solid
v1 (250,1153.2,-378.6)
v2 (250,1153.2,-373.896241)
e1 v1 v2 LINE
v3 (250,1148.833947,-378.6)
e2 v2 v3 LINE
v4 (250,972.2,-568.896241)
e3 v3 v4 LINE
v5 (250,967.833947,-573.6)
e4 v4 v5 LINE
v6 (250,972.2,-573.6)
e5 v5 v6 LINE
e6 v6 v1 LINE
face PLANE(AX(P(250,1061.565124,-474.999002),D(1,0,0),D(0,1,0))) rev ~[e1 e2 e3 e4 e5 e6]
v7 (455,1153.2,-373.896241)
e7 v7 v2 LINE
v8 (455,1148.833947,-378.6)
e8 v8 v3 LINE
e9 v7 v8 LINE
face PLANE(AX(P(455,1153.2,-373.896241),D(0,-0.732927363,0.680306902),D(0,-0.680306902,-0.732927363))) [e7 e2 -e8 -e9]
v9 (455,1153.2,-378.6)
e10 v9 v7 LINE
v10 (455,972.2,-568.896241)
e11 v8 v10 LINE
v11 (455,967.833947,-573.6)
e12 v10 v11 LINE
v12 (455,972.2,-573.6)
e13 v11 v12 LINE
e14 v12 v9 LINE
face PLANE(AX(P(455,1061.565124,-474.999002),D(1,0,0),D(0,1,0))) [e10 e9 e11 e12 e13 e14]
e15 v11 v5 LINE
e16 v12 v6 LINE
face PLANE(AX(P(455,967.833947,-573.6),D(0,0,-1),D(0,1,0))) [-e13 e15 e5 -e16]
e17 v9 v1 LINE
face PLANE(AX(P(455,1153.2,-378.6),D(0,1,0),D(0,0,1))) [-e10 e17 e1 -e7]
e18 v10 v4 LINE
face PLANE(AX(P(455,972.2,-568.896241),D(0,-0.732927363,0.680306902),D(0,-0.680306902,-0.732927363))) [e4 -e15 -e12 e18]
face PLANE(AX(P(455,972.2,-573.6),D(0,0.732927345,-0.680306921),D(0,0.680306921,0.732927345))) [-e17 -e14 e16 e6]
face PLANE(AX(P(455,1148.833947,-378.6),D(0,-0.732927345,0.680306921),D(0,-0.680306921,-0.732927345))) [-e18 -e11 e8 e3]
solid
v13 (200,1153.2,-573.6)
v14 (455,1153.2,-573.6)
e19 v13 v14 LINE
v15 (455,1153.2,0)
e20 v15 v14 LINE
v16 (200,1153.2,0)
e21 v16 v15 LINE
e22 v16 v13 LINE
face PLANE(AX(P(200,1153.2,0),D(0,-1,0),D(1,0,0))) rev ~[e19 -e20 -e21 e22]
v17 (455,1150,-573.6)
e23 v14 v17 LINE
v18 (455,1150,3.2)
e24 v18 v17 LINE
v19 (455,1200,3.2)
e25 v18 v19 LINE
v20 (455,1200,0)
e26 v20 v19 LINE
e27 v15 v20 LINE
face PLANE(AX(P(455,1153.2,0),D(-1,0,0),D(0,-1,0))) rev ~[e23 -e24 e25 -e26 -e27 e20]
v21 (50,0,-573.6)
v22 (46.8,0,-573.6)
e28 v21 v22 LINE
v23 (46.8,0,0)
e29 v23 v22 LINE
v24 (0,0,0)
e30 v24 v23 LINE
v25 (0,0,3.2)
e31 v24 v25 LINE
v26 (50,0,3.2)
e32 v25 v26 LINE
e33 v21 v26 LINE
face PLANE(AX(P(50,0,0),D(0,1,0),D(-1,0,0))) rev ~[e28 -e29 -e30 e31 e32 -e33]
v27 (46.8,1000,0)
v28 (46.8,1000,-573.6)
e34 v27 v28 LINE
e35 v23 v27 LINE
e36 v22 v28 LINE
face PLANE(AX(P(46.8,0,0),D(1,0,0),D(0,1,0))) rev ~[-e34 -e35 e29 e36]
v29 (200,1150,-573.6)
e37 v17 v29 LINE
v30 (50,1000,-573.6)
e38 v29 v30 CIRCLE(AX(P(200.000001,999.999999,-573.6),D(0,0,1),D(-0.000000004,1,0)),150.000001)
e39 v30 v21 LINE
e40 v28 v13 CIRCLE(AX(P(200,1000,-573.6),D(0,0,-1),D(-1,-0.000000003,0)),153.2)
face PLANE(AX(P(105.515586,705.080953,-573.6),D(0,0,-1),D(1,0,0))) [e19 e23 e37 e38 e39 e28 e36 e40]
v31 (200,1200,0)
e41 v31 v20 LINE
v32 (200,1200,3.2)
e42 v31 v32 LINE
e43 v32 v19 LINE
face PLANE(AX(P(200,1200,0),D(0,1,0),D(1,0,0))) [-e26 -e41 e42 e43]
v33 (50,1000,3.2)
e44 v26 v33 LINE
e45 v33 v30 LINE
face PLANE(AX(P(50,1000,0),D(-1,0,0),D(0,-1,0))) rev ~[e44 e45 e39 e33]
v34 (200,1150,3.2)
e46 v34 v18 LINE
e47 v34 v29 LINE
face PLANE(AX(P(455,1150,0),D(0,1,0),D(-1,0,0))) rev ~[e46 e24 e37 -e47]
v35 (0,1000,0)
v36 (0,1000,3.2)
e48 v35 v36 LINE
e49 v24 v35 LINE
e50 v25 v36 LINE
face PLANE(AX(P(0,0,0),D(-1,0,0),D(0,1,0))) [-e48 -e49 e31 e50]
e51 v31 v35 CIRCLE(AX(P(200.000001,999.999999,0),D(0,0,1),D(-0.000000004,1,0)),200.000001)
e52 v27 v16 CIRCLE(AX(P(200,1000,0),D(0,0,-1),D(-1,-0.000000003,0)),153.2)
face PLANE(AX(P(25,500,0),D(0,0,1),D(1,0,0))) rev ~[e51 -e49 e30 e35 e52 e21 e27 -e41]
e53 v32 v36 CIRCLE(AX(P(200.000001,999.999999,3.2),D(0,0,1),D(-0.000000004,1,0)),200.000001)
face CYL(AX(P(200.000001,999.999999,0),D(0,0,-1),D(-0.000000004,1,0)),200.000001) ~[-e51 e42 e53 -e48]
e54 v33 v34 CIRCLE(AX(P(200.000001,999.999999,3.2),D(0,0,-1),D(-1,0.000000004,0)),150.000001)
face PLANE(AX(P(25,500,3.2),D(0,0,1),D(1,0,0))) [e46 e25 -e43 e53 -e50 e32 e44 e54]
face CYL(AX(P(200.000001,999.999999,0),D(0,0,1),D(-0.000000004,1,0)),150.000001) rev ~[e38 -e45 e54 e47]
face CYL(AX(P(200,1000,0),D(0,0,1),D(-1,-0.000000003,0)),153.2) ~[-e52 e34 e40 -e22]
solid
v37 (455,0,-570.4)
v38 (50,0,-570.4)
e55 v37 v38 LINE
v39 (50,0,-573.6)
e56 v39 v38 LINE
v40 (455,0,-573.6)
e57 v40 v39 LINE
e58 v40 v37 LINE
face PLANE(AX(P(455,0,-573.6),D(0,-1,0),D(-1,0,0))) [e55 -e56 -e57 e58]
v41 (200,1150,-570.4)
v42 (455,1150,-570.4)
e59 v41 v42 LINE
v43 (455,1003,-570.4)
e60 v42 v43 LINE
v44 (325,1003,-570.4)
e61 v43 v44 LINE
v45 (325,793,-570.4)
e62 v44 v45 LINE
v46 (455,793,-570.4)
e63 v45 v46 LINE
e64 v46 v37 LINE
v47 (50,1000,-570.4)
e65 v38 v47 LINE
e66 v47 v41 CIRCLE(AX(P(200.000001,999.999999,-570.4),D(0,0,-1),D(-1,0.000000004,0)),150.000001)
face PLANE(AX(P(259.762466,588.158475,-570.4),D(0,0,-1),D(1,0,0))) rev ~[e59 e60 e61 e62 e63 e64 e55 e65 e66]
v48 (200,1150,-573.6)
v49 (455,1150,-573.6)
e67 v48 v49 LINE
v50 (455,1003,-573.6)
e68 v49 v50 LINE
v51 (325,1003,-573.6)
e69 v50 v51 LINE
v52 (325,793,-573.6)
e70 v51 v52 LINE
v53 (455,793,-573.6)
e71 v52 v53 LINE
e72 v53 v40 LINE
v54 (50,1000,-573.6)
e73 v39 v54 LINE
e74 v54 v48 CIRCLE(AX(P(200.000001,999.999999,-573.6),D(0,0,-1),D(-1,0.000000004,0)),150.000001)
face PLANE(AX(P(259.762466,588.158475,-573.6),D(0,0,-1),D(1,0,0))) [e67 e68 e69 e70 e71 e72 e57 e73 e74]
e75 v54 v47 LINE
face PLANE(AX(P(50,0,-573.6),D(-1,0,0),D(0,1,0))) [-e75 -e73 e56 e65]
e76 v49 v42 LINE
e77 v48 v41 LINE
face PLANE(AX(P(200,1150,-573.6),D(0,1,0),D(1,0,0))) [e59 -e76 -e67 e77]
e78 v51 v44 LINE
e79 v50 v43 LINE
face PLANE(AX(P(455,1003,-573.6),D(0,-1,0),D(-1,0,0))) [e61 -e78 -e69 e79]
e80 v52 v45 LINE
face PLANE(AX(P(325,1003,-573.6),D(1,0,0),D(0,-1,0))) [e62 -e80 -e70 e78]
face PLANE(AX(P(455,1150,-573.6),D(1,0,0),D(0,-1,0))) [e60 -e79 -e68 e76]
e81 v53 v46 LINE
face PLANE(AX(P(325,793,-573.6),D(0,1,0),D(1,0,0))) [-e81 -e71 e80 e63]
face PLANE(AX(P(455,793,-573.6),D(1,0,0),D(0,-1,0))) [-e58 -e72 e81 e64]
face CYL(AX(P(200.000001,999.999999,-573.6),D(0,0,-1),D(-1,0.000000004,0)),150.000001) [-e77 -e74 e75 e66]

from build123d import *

# Parameters (mm, degrees)
F0_W     = 50
F0_H     = 1000
F0_W_2   = 255
F0_H_2   = 50
F1_DEPTH = 3.2
F3_DEPTH = 573.6
F5_DEPTH = 3.2
F7_DEPTH = 205


with BuildPart() as f1:
    # F0 (on Top) → F1 (new body)
    with BuildSketch(Plane.XY):
        with Locations((25, 500)):
            Rectangle(F0_W, F0_H)
        with BuildLine():
            ThreePointArc((200, 1200), (58.578644, 1141.421356), (0, 1000))
            Line((0, 1000), (50, 1000))
            ThreePointArc((50, 1000), (93.933983, 1106.066017), (200, 1150))
            Line((200, 1150), (200, 1200))
        make_face()
        with Locations((327.5, 1175)):
            Rectangle(F0_W_2, F0_H_2)
    extrude(amount=F1_DEPTH)

    # F2 (on face) → F3 (join)
    with BuildSketch(Plane(origin=(0, 0, 0), x_dir=(1, 0, 0), z_dir=(0, 0, -1))):
        with BuildLine():
            ThreePointArc((46.8, -1000), (91.671241, -1108.328759), (200, -1153.2))
            Line((200, -1153.2), (455, -1153.2))
            Line((455, -1153.2), (455, -1150))
            Line((455, -1150), (200, -1150))
            ThreePointArc((200, -1150), (93.933983, -1106.066017), (50, -1000))
            Line((50, -1000), (50, 0))
            Line((50, 0), (46.8, 0))
            Line((46.8, 0), (46.8, -1000))
        make_face()
    extrude(amount=F3_DEPTH)


with BuildPart() as f5:
    # F4 (on face) → F5 (new body)
    with BuildSketch(Plane(origin=(0, 0, -573.6), x_dir=(1, 0, 0), z_dir=(0, 0, -1))):
        with BuildLine():
            Line((200, -1150), (455, -1150))
            Line((455, -1150), (455, -1003))
            Line((455, -1003), (325, -1003))
            Line((325, -1003), (325, -793))
            Line((325, -793), (455, -793))
            Line((455, -793), (455, 0))
            Line((455, 0), (50, 0))
            Line((50, 0), (50, -1000))
            ThreePointArc((50, -1000), (93.933983, -1106.066017), (200, -1150))
        make_face()
    extrude(amount=-F5_DEPTH)


with BuildPart() as f7:
    # F6 (on face) → F7 (new body)
    with BuildSketch(Plane.YZ.offset(455)):
        Polygon((1153.2, -378.6), (1150, -378.6), (1148.833947, -378.6), (972.2, -568.896241), (972.2, -573.6), align=None)
        Polygon((1148.833947, -378.6), (1150, -378.6), (1153.2, -378.6), (1153.2, -373.896241), align=None)
        Polygon((972.2, -573.6), (972.2, -568.896241), (967.833947, -573.6), align=None)
    extrude(amount=-F7_DEPTH)


solid = Compound([f1.part, f5.part, f7.part])
